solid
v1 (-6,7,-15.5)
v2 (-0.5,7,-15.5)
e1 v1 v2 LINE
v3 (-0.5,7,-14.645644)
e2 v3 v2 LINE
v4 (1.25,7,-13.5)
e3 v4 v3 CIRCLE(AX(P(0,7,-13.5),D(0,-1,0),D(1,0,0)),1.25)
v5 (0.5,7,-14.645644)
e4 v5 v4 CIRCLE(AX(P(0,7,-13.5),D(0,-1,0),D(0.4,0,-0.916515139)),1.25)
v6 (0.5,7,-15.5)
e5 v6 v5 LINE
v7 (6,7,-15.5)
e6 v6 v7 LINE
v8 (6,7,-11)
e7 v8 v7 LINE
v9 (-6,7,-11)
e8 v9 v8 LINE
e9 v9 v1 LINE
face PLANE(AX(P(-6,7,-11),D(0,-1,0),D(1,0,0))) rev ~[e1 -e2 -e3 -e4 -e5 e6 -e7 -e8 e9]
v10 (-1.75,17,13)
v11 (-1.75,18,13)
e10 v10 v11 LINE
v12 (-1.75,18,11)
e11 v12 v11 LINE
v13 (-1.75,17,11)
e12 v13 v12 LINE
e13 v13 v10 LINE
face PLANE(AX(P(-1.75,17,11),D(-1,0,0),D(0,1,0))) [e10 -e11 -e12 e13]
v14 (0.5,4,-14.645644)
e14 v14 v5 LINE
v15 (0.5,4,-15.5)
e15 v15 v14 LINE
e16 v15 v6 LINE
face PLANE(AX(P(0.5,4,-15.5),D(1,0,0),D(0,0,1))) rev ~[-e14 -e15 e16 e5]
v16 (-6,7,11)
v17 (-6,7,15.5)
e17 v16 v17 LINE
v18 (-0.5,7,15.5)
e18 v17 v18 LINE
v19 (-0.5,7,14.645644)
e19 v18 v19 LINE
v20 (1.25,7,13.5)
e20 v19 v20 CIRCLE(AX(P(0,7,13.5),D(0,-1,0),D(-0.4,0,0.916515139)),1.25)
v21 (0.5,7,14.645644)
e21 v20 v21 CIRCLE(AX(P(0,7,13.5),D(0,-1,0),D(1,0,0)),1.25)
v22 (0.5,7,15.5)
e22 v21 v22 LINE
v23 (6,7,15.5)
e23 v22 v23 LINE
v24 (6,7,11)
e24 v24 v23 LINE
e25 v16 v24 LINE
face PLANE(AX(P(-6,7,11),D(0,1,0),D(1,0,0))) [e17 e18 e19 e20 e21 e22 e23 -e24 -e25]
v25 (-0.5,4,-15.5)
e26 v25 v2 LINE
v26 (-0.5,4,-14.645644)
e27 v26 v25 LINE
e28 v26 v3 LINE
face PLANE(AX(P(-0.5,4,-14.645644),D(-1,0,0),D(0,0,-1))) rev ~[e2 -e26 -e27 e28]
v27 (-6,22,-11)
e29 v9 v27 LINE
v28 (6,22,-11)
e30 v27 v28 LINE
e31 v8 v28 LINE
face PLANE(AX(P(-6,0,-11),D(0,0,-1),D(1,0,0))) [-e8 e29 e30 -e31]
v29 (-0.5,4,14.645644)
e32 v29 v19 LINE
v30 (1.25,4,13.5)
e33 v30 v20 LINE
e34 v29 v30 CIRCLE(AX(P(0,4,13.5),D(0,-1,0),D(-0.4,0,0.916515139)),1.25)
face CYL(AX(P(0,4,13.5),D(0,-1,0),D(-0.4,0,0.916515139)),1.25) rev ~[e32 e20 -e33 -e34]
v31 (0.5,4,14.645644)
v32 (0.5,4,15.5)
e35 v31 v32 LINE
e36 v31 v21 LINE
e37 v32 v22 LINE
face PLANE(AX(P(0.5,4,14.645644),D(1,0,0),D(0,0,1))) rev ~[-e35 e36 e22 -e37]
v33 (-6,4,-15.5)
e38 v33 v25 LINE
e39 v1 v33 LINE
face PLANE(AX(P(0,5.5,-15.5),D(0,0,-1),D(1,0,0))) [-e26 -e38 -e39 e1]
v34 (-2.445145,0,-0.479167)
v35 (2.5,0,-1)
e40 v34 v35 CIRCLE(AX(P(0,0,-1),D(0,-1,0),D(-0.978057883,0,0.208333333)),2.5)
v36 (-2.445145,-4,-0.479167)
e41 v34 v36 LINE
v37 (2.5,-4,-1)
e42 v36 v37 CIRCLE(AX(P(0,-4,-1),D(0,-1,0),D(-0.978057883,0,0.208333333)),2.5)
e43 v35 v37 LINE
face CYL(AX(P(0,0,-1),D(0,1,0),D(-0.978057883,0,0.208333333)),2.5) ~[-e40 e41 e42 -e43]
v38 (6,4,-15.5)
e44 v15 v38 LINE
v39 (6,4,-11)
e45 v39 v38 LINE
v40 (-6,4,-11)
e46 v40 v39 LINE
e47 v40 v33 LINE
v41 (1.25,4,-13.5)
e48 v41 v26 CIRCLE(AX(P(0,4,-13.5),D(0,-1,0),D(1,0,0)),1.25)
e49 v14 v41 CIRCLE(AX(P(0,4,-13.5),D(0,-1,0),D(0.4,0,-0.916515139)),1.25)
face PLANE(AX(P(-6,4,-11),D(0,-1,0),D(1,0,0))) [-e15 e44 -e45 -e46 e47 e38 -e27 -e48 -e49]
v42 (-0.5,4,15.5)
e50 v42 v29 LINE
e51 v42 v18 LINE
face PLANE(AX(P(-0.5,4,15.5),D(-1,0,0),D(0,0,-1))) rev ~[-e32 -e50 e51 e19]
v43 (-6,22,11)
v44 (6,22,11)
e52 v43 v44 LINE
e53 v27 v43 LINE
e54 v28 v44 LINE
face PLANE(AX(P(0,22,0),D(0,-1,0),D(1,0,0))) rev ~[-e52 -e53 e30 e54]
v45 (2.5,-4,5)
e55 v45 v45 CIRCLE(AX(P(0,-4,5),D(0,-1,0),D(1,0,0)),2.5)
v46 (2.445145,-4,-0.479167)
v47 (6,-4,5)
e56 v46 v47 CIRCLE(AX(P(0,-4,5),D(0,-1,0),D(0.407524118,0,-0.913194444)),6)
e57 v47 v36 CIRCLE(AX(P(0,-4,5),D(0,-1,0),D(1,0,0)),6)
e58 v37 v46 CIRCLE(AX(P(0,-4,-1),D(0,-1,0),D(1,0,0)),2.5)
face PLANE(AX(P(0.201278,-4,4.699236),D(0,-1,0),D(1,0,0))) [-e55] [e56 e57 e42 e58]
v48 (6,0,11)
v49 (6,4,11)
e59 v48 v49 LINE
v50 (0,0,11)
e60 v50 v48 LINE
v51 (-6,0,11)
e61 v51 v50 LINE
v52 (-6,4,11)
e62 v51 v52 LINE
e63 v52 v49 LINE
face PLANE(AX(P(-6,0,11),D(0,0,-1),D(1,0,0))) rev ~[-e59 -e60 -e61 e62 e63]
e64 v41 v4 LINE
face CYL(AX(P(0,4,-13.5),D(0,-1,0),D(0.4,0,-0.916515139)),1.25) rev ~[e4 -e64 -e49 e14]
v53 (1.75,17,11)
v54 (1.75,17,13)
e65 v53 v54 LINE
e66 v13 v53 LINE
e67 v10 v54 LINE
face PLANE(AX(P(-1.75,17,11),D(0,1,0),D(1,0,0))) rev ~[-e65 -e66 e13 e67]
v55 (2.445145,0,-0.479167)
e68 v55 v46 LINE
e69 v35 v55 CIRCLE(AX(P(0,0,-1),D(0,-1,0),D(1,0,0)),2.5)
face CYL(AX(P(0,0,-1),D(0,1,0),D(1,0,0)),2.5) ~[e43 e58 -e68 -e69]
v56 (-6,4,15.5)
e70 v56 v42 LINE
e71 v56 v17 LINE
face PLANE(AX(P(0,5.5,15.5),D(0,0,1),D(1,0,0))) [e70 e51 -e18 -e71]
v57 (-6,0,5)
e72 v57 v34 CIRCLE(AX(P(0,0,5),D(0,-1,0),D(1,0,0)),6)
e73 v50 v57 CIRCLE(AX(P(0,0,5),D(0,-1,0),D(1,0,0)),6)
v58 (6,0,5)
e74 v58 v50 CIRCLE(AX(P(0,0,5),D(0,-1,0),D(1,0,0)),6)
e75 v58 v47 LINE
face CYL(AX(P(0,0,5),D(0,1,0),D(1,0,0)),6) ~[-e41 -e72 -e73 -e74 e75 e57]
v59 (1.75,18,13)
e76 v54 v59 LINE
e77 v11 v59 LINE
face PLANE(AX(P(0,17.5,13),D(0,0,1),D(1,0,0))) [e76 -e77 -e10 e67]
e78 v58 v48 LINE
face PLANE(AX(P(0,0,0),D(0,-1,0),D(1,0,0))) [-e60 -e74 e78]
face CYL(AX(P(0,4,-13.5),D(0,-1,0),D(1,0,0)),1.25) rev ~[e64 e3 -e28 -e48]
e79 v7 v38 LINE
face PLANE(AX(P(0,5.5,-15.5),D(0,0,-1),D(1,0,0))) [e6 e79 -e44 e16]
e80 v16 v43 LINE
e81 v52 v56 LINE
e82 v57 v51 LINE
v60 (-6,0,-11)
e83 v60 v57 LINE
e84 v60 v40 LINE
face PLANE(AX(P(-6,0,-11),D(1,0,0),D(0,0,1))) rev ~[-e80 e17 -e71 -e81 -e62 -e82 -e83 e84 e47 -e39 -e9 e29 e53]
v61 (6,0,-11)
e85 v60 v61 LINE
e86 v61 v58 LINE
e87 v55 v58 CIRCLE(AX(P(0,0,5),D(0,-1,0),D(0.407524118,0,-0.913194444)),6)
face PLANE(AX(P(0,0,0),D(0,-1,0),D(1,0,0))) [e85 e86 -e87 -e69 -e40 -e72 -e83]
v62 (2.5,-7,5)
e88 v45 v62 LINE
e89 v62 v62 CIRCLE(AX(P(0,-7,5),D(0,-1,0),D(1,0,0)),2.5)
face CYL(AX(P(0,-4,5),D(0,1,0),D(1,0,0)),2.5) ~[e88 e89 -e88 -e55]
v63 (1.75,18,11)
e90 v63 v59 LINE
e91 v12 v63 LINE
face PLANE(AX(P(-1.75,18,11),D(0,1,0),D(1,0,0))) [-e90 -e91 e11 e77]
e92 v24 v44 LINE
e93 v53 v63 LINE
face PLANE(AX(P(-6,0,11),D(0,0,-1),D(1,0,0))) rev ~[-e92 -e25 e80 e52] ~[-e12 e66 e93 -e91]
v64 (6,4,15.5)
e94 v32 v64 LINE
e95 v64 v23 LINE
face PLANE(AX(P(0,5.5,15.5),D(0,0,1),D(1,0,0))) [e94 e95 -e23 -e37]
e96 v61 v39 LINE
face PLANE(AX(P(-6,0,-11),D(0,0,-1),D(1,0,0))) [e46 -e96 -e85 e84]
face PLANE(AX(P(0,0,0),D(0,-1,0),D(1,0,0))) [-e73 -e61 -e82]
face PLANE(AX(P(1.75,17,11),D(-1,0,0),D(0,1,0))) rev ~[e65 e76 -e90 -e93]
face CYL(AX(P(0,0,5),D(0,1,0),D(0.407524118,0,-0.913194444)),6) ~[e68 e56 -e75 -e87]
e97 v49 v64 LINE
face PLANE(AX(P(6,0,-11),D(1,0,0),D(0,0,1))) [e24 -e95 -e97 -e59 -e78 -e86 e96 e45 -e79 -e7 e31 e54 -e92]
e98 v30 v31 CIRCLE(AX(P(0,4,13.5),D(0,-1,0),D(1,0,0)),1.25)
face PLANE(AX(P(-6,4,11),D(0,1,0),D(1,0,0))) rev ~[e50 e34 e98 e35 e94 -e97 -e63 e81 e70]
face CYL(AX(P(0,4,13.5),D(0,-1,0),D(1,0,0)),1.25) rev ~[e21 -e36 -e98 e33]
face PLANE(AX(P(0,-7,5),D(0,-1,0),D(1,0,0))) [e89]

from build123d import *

# Parameters (mm, degrees)
F0_W      = 12
F0_H      = 22
F1_DEPTH  = 22
F3_DEPTH  = 4
F4_R      = 2.5
F5_DEPTH  = 3
F6_W      = 12
F6_H      = 3
F7_DEPTH  = 4.5
F8_W      = 12
F8_H      = 3
F9_DEPTH  = 4.5
F11_DEPTH = 3
F13_DEPTH = 3
F14_W     = 3.5
F14_H     = 1
F15_DEPTH = 2


with BuildPart() as f1:
    # F0 (on Front) → F1 (new body)
    with BuildSketch(Plane.XZ):
        Rectangle(F0_W, F0_H)
    extrude(amount=-F1_DEPTH)

    # F2 (on face) → F3 (join)
    with BuildSketch(Plane.XZ):
        with BuildLine():
            ThreePointArc((2.4451447071, -0.4791666667), (5.0334316447, 1.7343353083), (6, 5))
            ThreePointArc((6, 5), (-3.2656646917, 10.0334316447), (-2.4451447071, -0.4791666667))
            ThreePointArc((-2.4451447071, -0.4791666667), (0, 1.5), (2.4451447071, -0.4791666667))
        make_face()
        with BuildLine():
            ThreePointArc((2.4451447071, -0.4791666667), (0, 1.5), (-2.4451447071, -0.4791666667))
            ThreePointArc((-2.4451447071, -0.4791666667), (0, -1), (2.4451447071, -0.4791666667))
        make_face()
        with BuildLine():
            ThreePointArc((2.4451447071, -0.4791666667), (0, -1), (-2.4451447071, -0.4791666667))
            ThreePointArc((-2.4451447071, -0.4791666667), (-0.2618570527, -3.4862483552), (2.5, -1))
            ThreePointArc((2.5, -1), (2.4862483552, -0.7381429473), (2.4451447071, -0.4791666667))
        make_face()
    extrude(amount=F3_DEPTH)

    # F4 (on face) → F5 (join)
    with BuildSketch(Plane.XZ.offset(4)):
        with Locations((0, 5)):
            Circle(F4_R)
    extrude(amount=F5_DEPTH)

    # F6 (on face) → F7 (join)
    with BuildSketch(Plane.XY.offset(11)):
        with Locations((0, 5.5)):
            Rectangle(F6_W, F6_H)
    extrude(amount=F7_DEPTH)

    # F8 (on face) → F9 (join)
    with BuildSketch(Plane(origin=(0, 0, -11), x_dir=(1, 0, 0), z_dir=(0, 0, -1))):
        with Locations((0, -5.5)):
            Rectangle(F8_W, F8_H)
    extrude(amount=F9_DEPTH)

    # F10 (on face) → F11 (cut, through all)
    with BuildSketch(Plane.XZ.offset(-4)):
        with BuildLine():
            ThreePointArc((-0.5, 14.6456439237), (-0.6846531969, 12.4541749668), (1.25, 13.5))
            ThreePointArc((1.25, 13.5), (1.0458250332, 14.1846531969), (0.5, 14.6456439237))
            ThreePointArc((0.5, 14.6456439237), (0, 14.75), (-0.5, 14.6456439237))
        make_face()
        with BuildLine():
            ThreePointArc((-0.5, 14.6456439237), (0, 14.75), (0.5, 14.6456439237))
            Line((0.5, 14.6456439237), (0.5, 15.5))
            Line((0.5, 15.5), (-0.5, 15.5))
            Line((-0.5, 15.5), (-0.5, 14.6456439237))
        make_face()
    extrude(amount=-F11_DEPTH, mode=Mode.SUBTRACT)

    # F12 (on face) → F13 (cut, through all)
    with BuildSketch(Plane.XZ.offset(-4)):
        with BuildLine():
            ThreePointArc((0.5, -14.6456439237), (1.0458250332, -14.1846531969), (1.25, -13.5))
            ThreePointArc((1.25, -13.5), (-0.6846531969, -12.4541749668), (-0.5, -14.6456439237))
            ThreePointArc((-0.5, -14.6456439237), (0, -14.75), (0.5, -14.6456439237))
        make_face()
        with BuildLine():
            ThreePointArc((0.5, -14.6456439237), (0, -14.75), (-0.5, -14.6456439237))
            Line((-0.5, -14.6456439237), (-0.5, -15.5))
            Line((-0.5, -15.5), (0.5, -15.5))
            Line((0.5, -15.5), (0.5, -14.6456439237))
        make_face()
    extrude(amount=-F13_DEPTH, mode=Mode.SUBTRACT)

    # F14 (on face) → F15 (join)
    with BuildSketch(Plane.XY.offset(11)):
        with Locations((0, 17.5)):
            Rectangle(F14_W, F14_H)
    extrude(amount=F15_DEPTH)


solid = f1.part
